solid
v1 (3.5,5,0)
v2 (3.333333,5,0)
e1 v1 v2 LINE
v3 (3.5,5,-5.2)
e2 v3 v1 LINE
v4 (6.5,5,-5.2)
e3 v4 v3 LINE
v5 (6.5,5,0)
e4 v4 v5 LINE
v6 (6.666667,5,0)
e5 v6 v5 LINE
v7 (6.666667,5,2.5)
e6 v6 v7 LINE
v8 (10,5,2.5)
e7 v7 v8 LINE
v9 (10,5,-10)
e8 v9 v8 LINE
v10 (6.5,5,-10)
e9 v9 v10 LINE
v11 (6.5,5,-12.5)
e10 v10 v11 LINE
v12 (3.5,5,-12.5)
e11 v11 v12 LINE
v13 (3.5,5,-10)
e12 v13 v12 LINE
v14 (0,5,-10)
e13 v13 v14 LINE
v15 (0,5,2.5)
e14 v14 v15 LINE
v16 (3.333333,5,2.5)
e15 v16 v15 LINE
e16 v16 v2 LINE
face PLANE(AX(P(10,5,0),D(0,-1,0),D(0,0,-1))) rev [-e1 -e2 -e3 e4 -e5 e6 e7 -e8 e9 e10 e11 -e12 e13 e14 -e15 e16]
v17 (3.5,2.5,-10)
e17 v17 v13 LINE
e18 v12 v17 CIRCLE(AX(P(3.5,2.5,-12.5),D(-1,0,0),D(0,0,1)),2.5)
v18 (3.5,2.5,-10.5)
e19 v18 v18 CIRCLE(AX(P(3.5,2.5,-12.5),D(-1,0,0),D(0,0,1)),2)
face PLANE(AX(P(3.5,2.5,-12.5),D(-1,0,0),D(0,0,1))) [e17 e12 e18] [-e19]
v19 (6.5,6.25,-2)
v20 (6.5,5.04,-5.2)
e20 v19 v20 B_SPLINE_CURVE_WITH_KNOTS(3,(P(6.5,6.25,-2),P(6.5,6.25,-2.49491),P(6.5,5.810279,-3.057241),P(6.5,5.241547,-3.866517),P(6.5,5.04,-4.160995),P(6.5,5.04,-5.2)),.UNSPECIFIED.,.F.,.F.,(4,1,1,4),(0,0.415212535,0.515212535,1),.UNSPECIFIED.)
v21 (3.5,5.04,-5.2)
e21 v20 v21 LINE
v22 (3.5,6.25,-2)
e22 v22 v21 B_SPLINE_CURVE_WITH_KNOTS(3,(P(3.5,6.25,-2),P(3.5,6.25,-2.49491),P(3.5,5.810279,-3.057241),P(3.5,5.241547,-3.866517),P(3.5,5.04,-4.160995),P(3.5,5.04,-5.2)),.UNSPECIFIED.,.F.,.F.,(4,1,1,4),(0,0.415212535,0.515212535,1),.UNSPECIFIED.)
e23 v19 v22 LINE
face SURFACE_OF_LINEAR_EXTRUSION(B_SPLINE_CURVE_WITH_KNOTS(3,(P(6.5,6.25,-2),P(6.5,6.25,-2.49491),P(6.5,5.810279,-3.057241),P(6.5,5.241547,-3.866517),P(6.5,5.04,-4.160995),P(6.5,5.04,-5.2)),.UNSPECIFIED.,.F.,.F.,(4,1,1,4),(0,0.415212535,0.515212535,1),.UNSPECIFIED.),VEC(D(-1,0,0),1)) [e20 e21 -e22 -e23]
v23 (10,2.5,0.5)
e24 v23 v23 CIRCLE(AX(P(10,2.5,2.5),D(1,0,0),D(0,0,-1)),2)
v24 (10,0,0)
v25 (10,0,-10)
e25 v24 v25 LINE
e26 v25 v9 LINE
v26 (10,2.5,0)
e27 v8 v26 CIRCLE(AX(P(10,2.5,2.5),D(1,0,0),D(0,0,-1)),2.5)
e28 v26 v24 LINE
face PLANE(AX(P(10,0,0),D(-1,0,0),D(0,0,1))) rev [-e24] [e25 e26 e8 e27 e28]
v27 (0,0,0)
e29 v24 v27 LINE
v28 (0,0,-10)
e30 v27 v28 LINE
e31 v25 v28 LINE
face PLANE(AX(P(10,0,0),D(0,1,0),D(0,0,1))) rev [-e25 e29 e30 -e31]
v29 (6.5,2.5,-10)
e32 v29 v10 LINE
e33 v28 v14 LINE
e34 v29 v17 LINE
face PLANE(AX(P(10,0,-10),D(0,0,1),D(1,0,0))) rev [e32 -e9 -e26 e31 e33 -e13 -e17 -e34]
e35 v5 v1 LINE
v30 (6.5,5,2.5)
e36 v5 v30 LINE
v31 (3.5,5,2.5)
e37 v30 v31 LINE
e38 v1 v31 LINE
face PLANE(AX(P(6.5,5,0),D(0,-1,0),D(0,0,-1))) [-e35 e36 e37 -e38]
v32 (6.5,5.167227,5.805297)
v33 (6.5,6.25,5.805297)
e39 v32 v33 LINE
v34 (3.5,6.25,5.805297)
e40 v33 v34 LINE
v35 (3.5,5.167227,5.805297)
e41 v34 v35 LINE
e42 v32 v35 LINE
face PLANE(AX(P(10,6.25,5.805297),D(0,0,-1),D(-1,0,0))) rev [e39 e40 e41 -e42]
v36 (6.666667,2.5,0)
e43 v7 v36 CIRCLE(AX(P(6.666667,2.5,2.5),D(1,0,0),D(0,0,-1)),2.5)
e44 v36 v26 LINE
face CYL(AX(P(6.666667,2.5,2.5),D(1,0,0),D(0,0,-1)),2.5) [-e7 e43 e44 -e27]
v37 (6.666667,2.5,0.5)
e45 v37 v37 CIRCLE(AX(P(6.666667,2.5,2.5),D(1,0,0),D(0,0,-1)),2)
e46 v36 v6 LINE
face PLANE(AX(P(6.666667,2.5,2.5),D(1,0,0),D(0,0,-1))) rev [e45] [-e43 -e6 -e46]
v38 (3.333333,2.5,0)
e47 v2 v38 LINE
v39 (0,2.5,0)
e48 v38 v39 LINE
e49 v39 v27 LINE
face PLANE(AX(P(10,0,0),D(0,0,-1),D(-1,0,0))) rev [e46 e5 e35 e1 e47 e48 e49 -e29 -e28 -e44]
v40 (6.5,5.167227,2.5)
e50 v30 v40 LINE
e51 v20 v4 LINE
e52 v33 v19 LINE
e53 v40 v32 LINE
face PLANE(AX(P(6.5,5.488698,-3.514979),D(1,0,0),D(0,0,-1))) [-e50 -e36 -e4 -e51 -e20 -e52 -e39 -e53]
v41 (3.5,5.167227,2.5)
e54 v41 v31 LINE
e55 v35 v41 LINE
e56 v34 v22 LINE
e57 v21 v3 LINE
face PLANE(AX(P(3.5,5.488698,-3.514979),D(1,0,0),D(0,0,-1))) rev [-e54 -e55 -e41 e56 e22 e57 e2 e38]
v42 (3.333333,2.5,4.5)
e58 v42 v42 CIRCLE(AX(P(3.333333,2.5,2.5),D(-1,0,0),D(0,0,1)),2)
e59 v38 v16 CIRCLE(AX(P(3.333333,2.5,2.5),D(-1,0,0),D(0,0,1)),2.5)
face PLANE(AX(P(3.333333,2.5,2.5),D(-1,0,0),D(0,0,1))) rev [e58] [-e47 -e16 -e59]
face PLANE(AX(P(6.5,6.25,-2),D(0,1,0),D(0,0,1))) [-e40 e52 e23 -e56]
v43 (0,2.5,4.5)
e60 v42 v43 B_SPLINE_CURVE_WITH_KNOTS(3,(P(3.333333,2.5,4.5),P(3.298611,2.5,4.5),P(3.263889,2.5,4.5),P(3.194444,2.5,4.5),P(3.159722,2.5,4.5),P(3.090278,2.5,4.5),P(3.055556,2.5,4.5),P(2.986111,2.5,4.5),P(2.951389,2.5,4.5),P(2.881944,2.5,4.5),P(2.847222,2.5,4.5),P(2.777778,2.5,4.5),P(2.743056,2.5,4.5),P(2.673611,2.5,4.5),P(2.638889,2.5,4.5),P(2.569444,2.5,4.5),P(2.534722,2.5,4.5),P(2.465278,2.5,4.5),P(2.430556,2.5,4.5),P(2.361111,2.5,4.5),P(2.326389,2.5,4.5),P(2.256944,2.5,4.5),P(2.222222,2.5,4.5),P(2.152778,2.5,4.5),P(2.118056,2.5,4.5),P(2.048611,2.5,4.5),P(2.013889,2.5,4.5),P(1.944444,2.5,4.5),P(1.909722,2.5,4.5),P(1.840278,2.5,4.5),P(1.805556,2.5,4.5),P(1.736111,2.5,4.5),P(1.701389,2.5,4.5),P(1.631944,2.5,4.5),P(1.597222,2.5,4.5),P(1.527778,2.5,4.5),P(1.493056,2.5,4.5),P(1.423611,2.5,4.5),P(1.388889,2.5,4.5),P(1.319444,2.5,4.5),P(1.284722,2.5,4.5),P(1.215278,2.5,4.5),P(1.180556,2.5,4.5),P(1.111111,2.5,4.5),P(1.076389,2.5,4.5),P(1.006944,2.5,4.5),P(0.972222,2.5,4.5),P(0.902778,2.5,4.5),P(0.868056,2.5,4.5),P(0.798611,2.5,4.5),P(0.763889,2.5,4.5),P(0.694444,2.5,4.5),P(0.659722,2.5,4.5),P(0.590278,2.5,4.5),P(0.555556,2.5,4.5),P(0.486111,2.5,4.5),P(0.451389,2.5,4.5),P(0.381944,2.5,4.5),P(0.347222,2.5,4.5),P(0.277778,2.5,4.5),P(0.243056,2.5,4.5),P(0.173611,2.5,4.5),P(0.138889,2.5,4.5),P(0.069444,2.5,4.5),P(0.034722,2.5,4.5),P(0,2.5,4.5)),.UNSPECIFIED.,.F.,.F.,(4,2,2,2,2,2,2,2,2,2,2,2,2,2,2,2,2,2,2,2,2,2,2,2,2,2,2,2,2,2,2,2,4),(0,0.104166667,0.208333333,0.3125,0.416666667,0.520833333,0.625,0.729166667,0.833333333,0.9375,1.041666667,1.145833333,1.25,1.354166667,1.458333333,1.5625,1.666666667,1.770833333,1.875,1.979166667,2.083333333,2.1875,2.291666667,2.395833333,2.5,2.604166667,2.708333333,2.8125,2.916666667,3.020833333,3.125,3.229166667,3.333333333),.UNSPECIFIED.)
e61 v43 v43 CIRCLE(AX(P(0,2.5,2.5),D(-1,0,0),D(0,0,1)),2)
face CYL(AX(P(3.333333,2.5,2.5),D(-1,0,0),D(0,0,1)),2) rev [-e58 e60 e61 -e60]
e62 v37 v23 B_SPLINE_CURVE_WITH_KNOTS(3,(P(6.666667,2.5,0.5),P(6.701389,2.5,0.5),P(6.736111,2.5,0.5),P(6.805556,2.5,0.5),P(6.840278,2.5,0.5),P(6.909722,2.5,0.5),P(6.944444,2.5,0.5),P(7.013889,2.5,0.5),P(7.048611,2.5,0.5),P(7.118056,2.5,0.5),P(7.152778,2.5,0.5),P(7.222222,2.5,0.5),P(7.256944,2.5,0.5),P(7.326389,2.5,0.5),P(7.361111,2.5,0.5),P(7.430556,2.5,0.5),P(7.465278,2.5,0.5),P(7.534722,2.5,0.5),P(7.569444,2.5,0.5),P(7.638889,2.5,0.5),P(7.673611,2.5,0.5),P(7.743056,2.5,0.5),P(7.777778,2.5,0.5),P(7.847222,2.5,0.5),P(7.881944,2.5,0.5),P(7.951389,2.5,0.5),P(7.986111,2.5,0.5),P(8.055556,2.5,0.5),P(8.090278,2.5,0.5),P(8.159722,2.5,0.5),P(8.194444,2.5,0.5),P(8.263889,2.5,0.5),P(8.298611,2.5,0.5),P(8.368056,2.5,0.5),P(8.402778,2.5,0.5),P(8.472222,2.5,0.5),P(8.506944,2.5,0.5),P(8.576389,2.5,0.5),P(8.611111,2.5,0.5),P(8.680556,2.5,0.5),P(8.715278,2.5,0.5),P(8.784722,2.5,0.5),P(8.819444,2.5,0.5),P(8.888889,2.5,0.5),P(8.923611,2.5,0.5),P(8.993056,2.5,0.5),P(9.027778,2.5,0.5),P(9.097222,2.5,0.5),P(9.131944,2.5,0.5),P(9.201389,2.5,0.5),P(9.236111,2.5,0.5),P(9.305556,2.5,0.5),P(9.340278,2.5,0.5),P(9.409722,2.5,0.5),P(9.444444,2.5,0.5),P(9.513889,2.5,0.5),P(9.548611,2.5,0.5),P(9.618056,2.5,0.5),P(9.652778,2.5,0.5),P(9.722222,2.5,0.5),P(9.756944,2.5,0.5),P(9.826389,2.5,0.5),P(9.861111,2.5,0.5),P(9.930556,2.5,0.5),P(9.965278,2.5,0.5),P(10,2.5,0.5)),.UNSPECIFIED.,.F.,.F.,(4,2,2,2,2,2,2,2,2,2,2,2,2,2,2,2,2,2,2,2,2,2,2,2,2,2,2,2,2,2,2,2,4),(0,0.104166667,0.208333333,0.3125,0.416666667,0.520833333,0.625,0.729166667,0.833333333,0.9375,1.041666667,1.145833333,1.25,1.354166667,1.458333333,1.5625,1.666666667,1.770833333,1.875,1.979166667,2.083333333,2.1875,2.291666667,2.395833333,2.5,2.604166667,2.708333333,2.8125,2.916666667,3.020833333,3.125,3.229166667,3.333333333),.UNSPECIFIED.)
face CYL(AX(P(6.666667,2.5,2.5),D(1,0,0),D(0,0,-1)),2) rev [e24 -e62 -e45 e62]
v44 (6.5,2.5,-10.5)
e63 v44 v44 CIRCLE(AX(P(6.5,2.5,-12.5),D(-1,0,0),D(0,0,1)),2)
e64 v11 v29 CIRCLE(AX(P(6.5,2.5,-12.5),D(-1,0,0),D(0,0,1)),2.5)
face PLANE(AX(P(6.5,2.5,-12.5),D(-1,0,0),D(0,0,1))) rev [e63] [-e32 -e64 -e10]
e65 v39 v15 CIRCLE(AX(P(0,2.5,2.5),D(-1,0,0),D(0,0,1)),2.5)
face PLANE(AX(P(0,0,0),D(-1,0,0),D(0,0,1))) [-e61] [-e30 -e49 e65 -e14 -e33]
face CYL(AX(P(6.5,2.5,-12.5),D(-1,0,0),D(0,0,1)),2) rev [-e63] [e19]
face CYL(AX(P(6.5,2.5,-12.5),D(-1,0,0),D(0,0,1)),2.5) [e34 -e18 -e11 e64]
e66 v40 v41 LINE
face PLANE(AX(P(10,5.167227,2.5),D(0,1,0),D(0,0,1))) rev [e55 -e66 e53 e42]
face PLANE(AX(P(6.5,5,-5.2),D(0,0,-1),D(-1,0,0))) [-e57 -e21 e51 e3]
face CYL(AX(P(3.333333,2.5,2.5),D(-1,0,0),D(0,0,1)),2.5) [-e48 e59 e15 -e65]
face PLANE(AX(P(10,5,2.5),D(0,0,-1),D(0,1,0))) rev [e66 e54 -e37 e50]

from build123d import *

# Parameters (mm, degrees)
SKETCH2_W                = 10
SKETCH2_H                = 5
BOSS_EXTRUDE1_DEPTH      = 10
SKETCH3_R                = 2
BOSS_EXTRUDE2_DEPTH      = 3.333333333
BOSS_EXTRUDE3_START      = -3.333333333
SKETCH4_R                = 2
BOSS_EXTRUDE3_DEPTH      = 3.333333333
BOSS_EXTRUDE4_DEPTH      = 1.5
BOSS_EXTRUDE4_DEPTH_BACK = 1.5
SKETCH6_R                = 2
BOSS_EXTRUDE5_DEPTH      = 1.5
BOSS_EXTRUDE5_DEPTH_BACK = 1.5
CUT_EXTRUDE1_DEPTH       = 18.501785659


with BuildPart() as part:
    # Sketch2 → Boss-Extrude1 (new body)
    with BuildSketch(Plane(origin=(0, 0, 0), x_dir=(0, 0, -1), z_dir=(1, 0, 0))):
        with Locations((5, 2.5)):
            Rectangle(SKETCH2_W, SKETCH2_H)
    extrude(amount=BOSS_EXTRUDE1_DEPTH)

    # Sketch3 → Boss-Extrude2 (add)
    with BuildSketch(Plane.ZY):
        with BuildLine():
            Line((2.5, 5), (0, 5))
            Line((0, 5), (0, 2.5))
            ThreePointArc((0, 2.5), (4.267766953, 0.732233047), (2.5, 5))
        make_face()
        with Locations((2.5, 2.5)):
            Circle(SKETCH3_R, mode=Mode.SUBTRACT)
    extrude(amount=-BOSS_EXTRUDE2_DEPTH)

    # Sketch4 → Boss-Extrude3 (add)
    with BuildSketch(Plane(origin=(10, 0, 0), x_dir=(0, 0, -1), z_dir=(1, 0, 0)).offset(BOSS_EXTRUDE3_START)):
        with BuildLine():
            Line((-2.5, 5), (0, 5))
            Line((0, 5), (0, 2.5))
            ThreePointArc((0, 2.5), (-4.267766953, 0.732233047), (-2.5, 5))
        make_face()
        with Locations(Location((-2.5, 2.5, 0), (0, 0, 180))):
            Circle(SKETCH4_R, mode=Mode.SUBTRACT)
    extrude(amount=BOSS_EXTRUDE3_DEPTH)

    # Sketch6 → Boss-Extrude4 (add, two sides: drawn at the far end of the back side and taken through both)
    with BuildSketch(Plane.ZY.offset(-5).offset(-BOSS_EXTRUDE4_DEPTH_BACK)):
        with BuildLine():
            Line((-12.5, 5), (-10, 5))
            Line((-10, 5), (-10, 2.5))
            ThreePointArc((-10, 2.5), (-14.267766953, 0.732233047), (-12.5, 5))
        make_face()
        with Locations((-12.5, 2.5)):
            Circle(SKETCH6_R, mode=Mode.SUBTRACT)
    extrude(amount=BOSS_EXTRUDE4_DEPTH + BOSS_EXTRUDE4_DEPTH_BACK)

    # Sketch8 → Boss-Extrude5 (add, two sides: drawn at the far end of the back side and taken through both)
    with BuildSketch(Plane.ZY.offset(-5).offset(-BOSS_EXTRUDE5_DEPTH_BACK)):
        with BuildLine():
            Line((0, 5), (-2, 5))
            Line((-2, 5), (-5.2, 5))
            Line((-5.2, 5), (-5.2, 5.04))
            add(Edge.make_bspline(
                [(-2, 6.25), (-2.494910157, 6.25), (-3.057241258, 5.810278687), (-3.866517232, 5.241546577), (-4.160995323, 5.04), (-5.2, 5.04)],
                knots=[0, 0, 0, 0, 0.415212535, 0.515212535, 1, 1, 1, 1], degree=3))
            Line((-2, 6.25), (8, 6.25))
            Line((8, 6.25), (8, 5))
            Line((8, 5), (0, 5))
        make_face()
    extrude(amount=BOSS_EXTRUDE5_DEPTH + BOSS_EXTRUDE5_DEPTH_BACK)

    # Sketch9 → Cut-Extrude1 (cut, through all)
    with BuildSketch(Plane.ZY.offset(-3.5)):
        Polygon((8, 6.25), (5.805296546, 6.25), (5.805296546, 5.167226788), (2.5, 5.167226788), (2.5, 5), (8, 5), align=None)
    extrude(amount=-CUT_EXTRUDE1_DEPTH, mode=Mode.SUBTRACT)


solid = part.part
